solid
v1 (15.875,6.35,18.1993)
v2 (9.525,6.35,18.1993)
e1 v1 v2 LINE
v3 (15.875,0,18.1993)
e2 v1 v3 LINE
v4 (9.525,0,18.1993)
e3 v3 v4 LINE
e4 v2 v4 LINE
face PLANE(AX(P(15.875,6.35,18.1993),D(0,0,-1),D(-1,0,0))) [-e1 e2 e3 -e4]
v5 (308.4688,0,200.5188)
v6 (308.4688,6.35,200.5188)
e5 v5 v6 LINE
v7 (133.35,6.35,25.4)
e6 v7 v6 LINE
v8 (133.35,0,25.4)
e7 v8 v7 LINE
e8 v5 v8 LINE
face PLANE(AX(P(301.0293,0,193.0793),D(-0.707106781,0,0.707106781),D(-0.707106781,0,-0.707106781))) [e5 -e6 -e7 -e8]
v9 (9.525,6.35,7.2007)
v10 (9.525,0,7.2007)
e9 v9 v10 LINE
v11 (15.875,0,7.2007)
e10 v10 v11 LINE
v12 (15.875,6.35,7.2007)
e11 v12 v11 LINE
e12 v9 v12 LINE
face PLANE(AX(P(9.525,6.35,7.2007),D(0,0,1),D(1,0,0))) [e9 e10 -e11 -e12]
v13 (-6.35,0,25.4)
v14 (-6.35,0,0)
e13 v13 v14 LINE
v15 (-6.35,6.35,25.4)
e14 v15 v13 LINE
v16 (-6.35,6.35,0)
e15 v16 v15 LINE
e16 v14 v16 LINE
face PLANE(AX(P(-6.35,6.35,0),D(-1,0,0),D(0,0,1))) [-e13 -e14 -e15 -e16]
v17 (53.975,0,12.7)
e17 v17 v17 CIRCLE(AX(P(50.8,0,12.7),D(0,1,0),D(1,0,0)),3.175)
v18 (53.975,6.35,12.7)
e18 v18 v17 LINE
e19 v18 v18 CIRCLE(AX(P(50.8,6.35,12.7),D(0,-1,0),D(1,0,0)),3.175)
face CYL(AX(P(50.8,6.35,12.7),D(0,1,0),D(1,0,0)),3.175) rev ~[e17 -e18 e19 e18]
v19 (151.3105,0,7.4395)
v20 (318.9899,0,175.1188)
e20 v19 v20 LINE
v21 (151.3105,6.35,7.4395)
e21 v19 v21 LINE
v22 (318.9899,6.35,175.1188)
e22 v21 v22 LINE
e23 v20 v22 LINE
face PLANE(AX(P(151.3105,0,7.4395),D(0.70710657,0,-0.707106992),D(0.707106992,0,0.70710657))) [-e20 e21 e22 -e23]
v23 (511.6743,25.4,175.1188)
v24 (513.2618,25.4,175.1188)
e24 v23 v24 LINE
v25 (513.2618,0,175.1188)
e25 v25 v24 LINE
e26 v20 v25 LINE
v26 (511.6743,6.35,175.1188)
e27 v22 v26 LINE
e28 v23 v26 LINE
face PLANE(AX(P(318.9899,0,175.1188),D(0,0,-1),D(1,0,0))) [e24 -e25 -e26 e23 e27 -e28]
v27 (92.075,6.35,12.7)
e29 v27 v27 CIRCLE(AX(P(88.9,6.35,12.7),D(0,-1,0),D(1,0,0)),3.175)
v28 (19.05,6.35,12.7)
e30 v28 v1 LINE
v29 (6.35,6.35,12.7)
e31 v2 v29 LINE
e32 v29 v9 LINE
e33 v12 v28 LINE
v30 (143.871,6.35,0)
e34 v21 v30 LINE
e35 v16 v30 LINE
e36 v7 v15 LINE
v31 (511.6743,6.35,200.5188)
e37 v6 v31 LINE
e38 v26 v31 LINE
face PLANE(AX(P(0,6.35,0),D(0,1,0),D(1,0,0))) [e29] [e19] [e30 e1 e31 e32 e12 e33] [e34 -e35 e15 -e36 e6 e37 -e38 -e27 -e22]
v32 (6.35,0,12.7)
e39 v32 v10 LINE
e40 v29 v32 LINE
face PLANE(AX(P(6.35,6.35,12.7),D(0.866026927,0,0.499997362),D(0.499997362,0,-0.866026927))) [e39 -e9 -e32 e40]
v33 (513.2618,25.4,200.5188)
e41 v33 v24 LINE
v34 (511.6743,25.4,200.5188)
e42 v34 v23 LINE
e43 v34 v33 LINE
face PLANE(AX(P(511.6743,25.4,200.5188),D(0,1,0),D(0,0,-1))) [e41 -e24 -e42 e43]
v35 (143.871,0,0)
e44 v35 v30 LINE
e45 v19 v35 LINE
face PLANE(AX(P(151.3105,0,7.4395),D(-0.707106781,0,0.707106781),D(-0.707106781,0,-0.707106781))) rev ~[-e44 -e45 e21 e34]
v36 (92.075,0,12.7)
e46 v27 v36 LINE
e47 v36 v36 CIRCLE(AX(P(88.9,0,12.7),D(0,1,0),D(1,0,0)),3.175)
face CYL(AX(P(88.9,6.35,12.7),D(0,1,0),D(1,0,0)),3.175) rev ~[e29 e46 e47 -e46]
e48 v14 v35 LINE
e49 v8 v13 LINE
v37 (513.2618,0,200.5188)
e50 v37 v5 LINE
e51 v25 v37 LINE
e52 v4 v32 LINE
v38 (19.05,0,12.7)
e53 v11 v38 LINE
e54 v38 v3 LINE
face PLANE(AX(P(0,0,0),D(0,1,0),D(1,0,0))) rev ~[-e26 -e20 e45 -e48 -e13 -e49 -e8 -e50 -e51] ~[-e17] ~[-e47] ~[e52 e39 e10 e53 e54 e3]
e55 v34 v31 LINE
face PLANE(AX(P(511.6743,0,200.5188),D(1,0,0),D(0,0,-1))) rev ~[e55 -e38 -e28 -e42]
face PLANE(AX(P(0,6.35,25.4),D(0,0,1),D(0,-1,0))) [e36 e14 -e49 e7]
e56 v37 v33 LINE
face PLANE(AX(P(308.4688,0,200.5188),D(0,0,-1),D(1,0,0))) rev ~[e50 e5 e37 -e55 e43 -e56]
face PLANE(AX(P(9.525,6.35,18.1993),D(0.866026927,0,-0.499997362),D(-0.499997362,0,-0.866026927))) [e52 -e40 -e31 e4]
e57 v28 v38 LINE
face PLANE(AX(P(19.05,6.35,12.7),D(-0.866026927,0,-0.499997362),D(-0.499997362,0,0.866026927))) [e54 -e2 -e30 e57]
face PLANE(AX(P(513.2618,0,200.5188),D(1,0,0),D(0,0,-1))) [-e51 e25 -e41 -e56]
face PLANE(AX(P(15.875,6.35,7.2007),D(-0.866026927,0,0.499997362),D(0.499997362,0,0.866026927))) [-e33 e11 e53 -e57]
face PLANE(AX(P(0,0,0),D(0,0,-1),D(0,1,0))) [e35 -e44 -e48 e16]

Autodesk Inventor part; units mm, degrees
ref_plane "YZ Plane" through (0, 0, 0) normal (1, 0, 0) x (0, 1, 0)
ref_plane "XZ Plane" through (0, 0, 0) normal (0, 1, 0) x (-1, 0, 0)
ref_plane "XY Plane" through (0, 0, 0) normal (0, 0, 1) x (1, 0, 0)
sketch "Sketch1" plane through (0, 0, 0) normal (0, 1, 0) x (-1, 0, 0)
  line L0 (0, 0) -> (-133.35, 0)
  line L1 (-133.35, 0) -> (-133.35, 25.4)
  line L2 (-133.35, 25.4) -> (0, 25.4)
  line L3 (0, 25.4) -> (0, 0)
  line L4 (-133.35, 25.4) -> (-143.871, 0)
  line L5 (-133.35, 25.4) -> (-105.8572, 25.4) construction
  line L6 (-133.35, 25.4) -> (-151.3105, 7.4395)
  line L7 (-133.35, 25.4) -> (-107.95, 25.4) construction
  line L8 (-151.3105, 7.4395) -> (-143.871, 0)
  line L9 (-133.35, 25.4) -> (-151.3105, 7.4395)
  line L10 (-151.3105, 7.4395) -> (-318.9899, 175.1188)
  line L11 (-318.9899, 175.1188) -> (-301.0293, 193.0793)
  line L12 (-301.0293, 193.0793) -> (-133.35, 25.4)
  circle A0 centre (-12.7, 12.7) radius 6.35
  line L13 (-318.9899, 175.1188) -> (-511.6743, 175.1188)
  line L14 (-511.6743, 175.1188) -> (-511.6743, 200.5188)
  line L15 (-511.6743, 200.5188) -> (-318.9899, 200.5188)
  line L16 (-318.9899, 200.5188) -> (-318.9899, 175.1188)
  line L17 (-318.9899, 175.1188) -> (-308.4688, 200.5188)
  line L18 (-308.4688, 200.5188) -> (-318.9899, 200.5188)
  line L19 (-308.4688, 200.5188) -> (-301.0293, 193.0793)
  line L20 (-133.35, 0) -> (-143.871, 0)
  dimension "d0" = 133.35
  dimension "d1" = 25.4
  dimension "d2" = 112.5
  dimension "d3" = 25.4
  dimension "d4" = 135
  dimension "d5" = 237.1344
  dimension "d6" = 12.7
  dimension "d7" = 192.6844
  dimension "d8" = 25.4
extrude "Extrusion1" add sketch "Sketch1" along normal blind 6.35
sketch "Sketch2" plane through (511.6743, 0, 200.5188) normal (1, 0, 0) x (0, 0, -1)
  line L0 (0, 6.35) -> (25.4, 6.35)
  line L1 (25.4, 0) -> (0, 0)
  line L2 (0, 0) -> (0, 25.4)
  line L3 (0, 25.4) -> (25.4, 25.4)
  line L4 (25.4, 25.4) -> (25.4, 0)
  point P0 (200.5188, 0)
  dimension "d15" = 25.4
  dimension "d16" = 25.4
extrude "Extrusion2" add sketch "Sketch2" along normal blind 1.5875
sketch "Sketch3" plane through (0, 0, 0) normal (-1, 0, 0) x (0, 0, 1)
  line L0 (0, 0) -> (25.4, 0) projected
  line L1 (25.4, 0) -> (25.4, 6.35) projected
  line L2 (0, 6.35) -> (25.4, 6.35) projected
  line L3 (0, 0) -> (0, 6.35) projected
extrude "Extrusion3" add sketch "Sketch3" along normal blind 44.45
sketch "Sketch5" plane through (0, 6.35, 0) normal (0, 1, 0) x (1, 0, 0)
  circle A0 centre (12.7, -12.7) radius 6.35 projected
  line L0 (511.6743, -175.1188) -> (318.9899, -175.1188) projected
  line L1 (12.7, -12.7) -> (12.7, -6.35)
  line L2 (16.3662, -6.35) -> (20.0323, -12.7)
  line L3 (20.0323, -12.7) -> (16.3662, -19.05)
  line L4 (16.3662, -19.05) -> (9.0338, -19.05)
  line L5 (9.0338, -19.05) -> (5.3677, -12.7)
  line L6 (5.3677, -12.7) -> (9.0338, -6.35)
  line L7 (9.0338, -6.35) -> (16.3662, -6.35)
  point P0 (0, 0)
extrude "Extrusion5" cut sketch "Sketch5" against normal blind 6.35 contours A0 L2 L3 | A0 L7 L2 | L3 L4 A0 | A0 L6 L7 | L4 L5 A0 | A0 L5 L6
sketch "Sketch7" plane through (0, 6.35, 0) normal (0, 1, 0) x (1, 0, 0)
  line L0 (-44.45, -25.4) -> (-44.45, 0) projected
  line L1 (511.6743, -175.1188) -> (318.9899, -175.1188) projected
  line L2 (-44.45, -12.7) -> (12.7, -12.7)
  line L3 (12.7, -12.7) -> (-25.4, -12.7)
  line L4 (12.7, -12.7) -> (50.8, -12.7) construction
  line L5 (-25.4, -12.7) -> (50.8, -12.7)
  circle A0 centre (-25.4, -12.7) radius 3.175
  circle A1 centre (50.8, -12.7) radius 3.175
  point P0 (0, 0)
  dimension "d31" = 38.1
  dimension "d32" = 180
  dimension "d33" = 76.2
  dimension "d34" = 0
  dimension "d35" = 6.35
  dimension "d36" = 6.35
extrude "Extrusion7" cut sketch "Sketch7" against normal blind 25.4
sketch "Sketch8" plane through (0, 6.35, 0) normal (0, 1, 0) x (1, 0, 0)
  circle A0 centre (-25.4, -12.7) radius 3.175 projected
  circle A1 centre (50.8, -12.7) radius 3.175 projected
  line L0 (-44.45, 0) -> (0, 0)
  line L1 (0, 0) -> (0, -25.4)
  line L2 (0, -25.4) -> (-44.45, -25.4)
  line L3 (-44.45, -25.4) -> (-44.45, 0)
  line L4 (0, -12.7) -> (12.7, -12.7)
  line L5 (12.7, -12.7) -> (50.8, -12.7)
  line L6 (50.8, -12.7) -> (88.9, -12.7)
  circle A2 centre (88.9, -12.7) radius 3.175
  dimension "d39" = 44.45
  dimension "d40" = 25.4
  dimension "d41" = 38.1
  dimension "d42" = 180
  dimension "d43" = 6.35
extrude "Extrusion8" cut sketch "Sketch8" against normal blind 25.4 contours L1 L2 L3 L0 | A2
sketch "Sketch9" plane through (0, 6.35, 0) normal (-1, 0, 0) x (0, 0, 1)
  line L0 (25.4, -6.35) -> (0, -6.35) projected
  line L1 (25.4, 0) -> (25.4, -6.35) projected
  line L2 (0, 0) -> (25.4, 0) projected
  line L3 (0, -6.35) -> (0, 0) projected
extrude "Extrusion9" add sketch "Sketch9" along normal blind 6.35
sketch "Sketch10" plane through (0, 6.35, 0) normal (0, 1, 0) x (1, 0, 0)
  line L0 (-6.35, -25.4) -> (-6.35, 0) projected
  line L1 (5.3677, -12.7) -> (9.0338, -6.35) projected
  line L2 (9.0338, -6.35) -> (16.3662, -6.35) projected
  line L3 (16.3662, -6.35) -> (20.0323, -12.7) projected
  line L4 (20.0323, -12.7) -> (16.3662, -19.05) projected
  line L5 (16.3662, -19.05) -> (9.0338, -19.05) projected
  line L6 (9.0338, -19.05) -> (5.3677, -12.7) projected
  line L7 (-6.35, -12.7) -> (12.7, -12.7)
  line L8 (12.7, -12.7) -> (6.35, -12.7)
  line L9 (12.7, -12.7) -> (19.05, -12.7) construction
  line L10 (6.35, -12.7) -> (9.525, -7.2007)
  line L11 (9.525, -7.2007) -> (15.875, -7.2007)
  line L12 (15.875, -7.2007) -> (19.05, -12.7)
  line L13 (19.05, -12.7) -> (15.875, -18.1993)
  line L14 (15.875, -18.1993) -> (9.525, -18.1993)
  line L15 (9.525, -18.1993) -> (6.35, -12.7)
  point P0 (0, 0)
  dimension "d48" = 6.35
  dimension "d49" = 180
extrude "Extrusion10" add sketch "Sketch10" against normal blind 6.35
properties part number "Z-PickupArm-L"
